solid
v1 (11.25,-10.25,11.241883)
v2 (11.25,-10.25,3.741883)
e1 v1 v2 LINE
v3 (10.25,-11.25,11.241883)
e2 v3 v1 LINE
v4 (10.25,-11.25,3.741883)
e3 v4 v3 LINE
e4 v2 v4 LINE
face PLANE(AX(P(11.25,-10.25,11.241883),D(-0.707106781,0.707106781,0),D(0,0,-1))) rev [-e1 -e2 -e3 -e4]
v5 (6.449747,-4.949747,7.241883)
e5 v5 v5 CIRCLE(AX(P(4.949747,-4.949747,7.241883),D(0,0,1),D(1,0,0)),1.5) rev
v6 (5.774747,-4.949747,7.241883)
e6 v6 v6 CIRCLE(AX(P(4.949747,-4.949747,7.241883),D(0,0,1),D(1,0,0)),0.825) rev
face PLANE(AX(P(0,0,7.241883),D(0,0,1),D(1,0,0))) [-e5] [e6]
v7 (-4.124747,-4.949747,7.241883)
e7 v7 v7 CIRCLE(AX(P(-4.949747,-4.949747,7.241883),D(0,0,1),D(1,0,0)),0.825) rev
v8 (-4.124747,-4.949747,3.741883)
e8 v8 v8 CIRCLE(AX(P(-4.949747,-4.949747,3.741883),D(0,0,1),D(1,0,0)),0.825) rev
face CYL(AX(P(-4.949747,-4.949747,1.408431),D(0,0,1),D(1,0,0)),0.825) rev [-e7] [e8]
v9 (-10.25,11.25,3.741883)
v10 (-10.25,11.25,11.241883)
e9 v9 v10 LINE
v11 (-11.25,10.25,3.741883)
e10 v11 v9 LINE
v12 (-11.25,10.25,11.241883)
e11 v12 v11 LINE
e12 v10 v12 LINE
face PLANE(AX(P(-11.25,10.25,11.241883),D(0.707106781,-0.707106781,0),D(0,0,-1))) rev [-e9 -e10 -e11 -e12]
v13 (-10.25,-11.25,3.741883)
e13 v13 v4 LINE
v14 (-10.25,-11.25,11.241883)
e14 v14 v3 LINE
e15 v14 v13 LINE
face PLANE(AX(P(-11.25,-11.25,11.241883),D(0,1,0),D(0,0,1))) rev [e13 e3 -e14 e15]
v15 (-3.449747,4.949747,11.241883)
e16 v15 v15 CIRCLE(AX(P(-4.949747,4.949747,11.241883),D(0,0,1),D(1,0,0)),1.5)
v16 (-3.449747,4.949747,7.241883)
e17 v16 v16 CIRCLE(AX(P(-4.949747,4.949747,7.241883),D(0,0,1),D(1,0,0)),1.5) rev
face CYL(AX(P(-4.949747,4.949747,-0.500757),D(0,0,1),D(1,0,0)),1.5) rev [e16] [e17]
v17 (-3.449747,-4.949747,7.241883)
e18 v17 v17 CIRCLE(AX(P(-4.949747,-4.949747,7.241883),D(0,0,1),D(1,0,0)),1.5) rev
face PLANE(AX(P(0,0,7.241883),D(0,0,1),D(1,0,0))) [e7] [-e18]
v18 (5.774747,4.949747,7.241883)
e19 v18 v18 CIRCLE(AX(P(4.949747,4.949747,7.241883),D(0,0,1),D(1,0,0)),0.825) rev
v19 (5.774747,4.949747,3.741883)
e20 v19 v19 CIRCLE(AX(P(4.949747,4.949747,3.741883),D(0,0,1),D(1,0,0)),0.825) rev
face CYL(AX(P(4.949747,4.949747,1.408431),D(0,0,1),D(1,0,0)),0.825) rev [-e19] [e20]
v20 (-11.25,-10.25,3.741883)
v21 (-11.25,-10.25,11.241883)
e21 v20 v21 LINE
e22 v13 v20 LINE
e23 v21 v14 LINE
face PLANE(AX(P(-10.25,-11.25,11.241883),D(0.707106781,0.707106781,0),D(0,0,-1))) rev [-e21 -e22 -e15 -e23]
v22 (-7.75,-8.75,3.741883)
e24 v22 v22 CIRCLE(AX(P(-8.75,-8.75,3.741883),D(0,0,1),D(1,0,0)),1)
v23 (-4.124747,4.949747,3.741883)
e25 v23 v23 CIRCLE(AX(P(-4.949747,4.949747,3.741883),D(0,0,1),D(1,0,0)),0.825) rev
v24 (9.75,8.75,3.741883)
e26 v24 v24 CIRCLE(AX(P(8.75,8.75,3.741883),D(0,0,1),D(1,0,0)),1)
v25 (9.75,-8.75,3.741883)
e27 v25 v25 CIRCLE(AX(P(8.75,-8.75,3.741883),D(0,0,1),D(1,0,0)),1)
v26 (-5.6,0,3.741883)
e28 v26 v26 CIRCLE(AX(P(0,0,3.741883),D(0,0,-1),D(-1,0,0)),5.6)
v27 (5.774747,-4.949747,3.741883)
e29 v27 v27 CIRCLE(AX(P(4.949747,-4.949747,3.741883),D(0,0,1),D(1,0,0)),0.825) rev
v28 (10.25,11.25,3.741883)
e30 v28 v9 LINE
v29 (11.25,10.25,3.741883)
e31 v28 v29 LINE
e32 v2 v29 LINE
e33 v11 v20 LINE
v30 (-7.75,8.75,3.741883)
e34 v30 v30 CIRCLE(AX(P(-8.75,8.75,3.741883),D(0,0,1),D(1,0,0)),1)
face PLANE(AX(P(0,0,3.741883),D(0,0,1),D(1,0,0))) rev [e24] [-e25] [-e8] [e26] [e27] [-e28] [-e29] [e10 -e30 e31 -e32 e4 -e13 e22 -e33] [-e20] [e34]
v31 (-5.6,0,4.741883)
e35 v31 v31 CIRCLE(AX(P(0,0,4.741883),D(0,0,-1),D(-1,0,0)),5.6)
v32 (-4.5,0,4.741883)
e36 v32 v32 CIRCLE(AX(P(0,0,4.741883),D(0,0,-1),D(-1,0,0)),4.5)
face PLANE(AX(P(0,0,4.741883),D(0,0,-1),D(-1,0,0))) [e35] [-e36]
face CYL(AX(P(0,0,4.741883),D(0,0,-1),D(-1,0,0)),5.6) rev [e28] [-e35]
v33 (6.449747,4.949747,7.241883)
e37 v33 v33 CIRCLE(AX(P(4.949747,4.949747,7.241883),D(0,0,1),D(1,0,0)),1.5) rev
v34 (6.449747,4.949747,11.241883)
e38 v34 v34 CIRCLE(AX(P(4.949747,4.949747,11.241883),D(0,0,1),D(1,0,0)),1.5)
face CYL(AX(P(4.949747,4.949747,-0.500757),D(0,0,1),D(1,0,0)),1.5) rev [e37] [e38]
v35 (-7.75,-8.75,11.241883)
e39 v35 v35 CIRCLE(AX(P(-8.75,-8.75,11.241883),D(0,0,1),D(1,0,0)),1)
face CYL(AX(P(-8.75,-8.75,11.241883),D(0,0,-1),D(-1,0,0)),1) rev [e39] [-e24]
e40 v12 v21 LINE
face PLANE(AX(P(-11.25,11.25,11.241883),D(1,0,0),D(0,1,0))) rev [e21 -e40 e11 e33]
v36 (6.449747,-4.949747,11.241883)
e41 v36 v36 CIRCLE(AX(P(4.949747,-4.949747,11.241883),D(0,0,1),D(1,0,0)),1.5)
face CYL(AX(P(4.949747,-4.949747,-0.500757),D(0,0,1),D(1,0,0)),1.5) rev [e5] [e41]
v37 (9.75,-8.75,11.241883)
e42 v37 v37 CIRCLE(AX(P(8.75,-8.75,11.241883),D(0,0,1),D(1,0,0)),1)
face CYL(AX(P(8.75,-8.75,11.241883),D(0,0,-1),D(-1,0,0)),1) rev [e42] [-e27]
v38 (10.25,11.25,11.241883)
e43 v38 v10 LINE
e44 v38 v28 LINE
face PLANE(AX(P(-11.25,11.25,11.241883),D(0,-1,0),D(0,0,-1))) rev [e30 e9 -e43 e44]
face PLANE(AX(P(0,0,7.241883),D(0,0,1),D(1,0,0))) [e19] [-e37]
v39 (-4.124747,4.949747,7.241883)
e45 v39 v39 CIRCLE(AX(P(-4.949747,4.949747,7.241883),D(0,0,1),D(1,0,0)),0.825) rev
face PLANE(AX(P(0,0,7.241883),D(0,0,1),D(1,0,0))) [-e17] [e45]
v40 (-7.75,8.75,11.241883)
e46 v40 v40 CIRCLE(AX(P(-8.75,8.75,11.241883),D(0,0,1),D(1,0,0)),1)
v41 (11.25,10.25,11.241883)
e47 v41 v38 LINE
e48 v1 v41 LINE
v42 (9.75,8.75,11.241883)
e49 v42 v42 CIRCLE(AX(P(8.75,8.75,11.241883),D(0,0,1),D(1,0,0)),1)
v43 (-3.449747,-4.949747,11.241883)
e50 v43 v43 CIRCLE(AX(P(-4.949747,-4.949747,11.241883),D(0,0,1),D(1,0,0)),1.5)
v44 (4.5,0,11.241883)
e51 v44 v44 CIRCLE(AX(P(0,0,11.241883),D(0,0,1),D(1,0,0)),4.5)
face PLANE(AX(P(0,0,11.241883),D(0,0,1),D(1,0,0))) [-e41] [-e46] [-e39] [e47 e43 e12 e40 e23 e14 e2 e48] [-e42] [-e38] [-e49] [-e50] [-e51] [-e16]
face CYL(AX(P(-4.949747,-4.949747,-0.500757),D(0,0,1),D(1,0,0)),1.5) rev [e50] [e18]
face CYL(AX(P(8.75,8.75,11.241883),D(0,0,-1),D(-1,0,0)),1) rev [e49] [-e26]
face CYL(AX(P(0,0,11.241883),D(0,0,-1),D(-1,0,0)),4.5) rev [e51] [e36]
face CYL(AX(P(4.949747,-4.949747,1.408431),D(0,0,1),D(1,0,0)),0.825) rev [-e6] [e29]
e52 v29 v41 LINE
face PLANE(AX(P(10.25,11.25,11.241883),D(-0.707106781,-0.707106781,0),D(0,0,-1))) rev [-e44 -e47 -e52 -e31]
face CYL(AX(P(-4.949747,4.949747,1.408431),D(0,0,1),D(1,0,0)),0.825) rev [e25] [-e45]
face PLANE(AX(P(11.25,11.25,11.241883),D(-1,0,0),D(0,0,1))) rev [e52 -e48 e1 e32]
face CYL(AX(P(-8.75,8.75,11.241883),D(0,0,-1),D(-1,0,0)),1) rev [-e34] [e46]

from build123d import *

# Parameters (mm, degrees)
SKETCH1_W           = 45
SKETCH1_H           = 45
SKETCH1_R           = 9
SKETCH1_R_2         = 2
BOSS_EXTRUDE1_DEPTH = 15
SKETCH2_R           = 1.65
CUT_EXTRUDE1_DEPTH  = 15
SKETCH3_R           = 3
CUT_EXTRUDE2_DEPTH  = 8
CHAMFER1_SIZE       = 2
SKETCH4_R           = 11.2
CUT_EXTRUDE3_DEPTH  = 2
ECHELLE1_SCALE      = 2
ECHELLE2_SCALE      = 0.25


with BuildPart() as part:
    # Sketch1 → Boss-Extrude1 (new body)
    with BuildSketch(Plane.XY):
        Rectangle(SKETCH1_W, SKETCH1_H)
        Circle(SKETCH1_R, mode=Mode.SUBTRACT)
        with Locations((-17.5, 17.5)):
            Circle(SKETCH1_R_2, mode=Mode.SUBTRACT)
        with Locations((17.5, 17.5)):
            Circle(SKETCH1_R_2, mode=Mode.SUBTRACT)
        with Locations((17.5, -17.5)):
            Circle(SKETCH1_R_2, mode=Mode.SUBTRACT)
        with Locations((-17.5, -17.5)):
            Circle(SKETCH1_R_2, mode=Mode.SUBTRACT)
    extrude(amount=BOSS_EXTRUDE1_DEPTH)

    # Sketch2 → Cut-Extrude1 (cut)
    with BuildSketch(Plane.XY.offset(15)):
        with Locations((9.899494937, 9.899494937)):
            Circle(SKETCH2_R)
        with Locations((9.899494937, -9.899494937)):
            Circle(SKETCH2_R)
        with Locations((-9.899494937, -9.899494937)):
            Circle(SKETCH2_R)
        with Locations((-9.899494937, 9.899494937)):
            Circle(SKETCH2_R)
    extrude(amount=-CUT_EXTRUDE1_DEPTH, mode=Mode.SUBTRACT)

    # Sketch3 → Cut-Extrude2 (cut)
    with BuildSketch(Plane.XY.offset(15)):
        with Locations((9.899494937, 9.899494937)):
            Circle(SKETCH3_R)
        with Locations((9.899494937, -9.899494937)):
            Circle(SKETCH3_R)
        with Locations((-9.899494937, -9.899494937)):
            Circle(SKETCH3_R)
        with Locations((-9.899494937, 9.899494937)):
            Circle(SKETCH3_R)
    extrude(amount=-CUT_EXTRUDE2_DEPTH, mode=Mode.SUBTRACT)

    # Chamfer1
    chamfer1_edges = [part.edges().sort_by_distance(p)[0] for p in [
        (22.5, -22.5, 7.5),
        (-22.5, -22.5, 7.5),
        (-22.5, 22.5, 7.5),
        (22.5, 22.5, 7.5),
    ]]
    chamfer(chamfer1_edges, length=CHAMFER1_SIZE)

    # Sketch4 → Cut-Extrude3 (cut)
    with BuildSketch(Plane(origin=(0, 0, 0), x_dir=(-1, 0, 0), z_dir=(0, 0, -1))):
        Circle(SKETCH4_R)
    extrude(amount=-CUT_EXTRUDE3_DEPTH, mode=Mode.SUBTRACT)


with BuildPart() as part_1:
    # Echelle1: scaled about (0, 0, 7.483766611)
    add(part.part.scale(ECHELLE1_SCALE).moved(Location((0, 0, -7.483766611))))


with BuildPart() as part_2:
    # Echelle2: scaled about (0, 0, 7.483766612)
    add(part_1.part.scale(ECHELLE2_SCALE).moved(Location((0, 0, 5.612824959))))


solid = part_2.part
